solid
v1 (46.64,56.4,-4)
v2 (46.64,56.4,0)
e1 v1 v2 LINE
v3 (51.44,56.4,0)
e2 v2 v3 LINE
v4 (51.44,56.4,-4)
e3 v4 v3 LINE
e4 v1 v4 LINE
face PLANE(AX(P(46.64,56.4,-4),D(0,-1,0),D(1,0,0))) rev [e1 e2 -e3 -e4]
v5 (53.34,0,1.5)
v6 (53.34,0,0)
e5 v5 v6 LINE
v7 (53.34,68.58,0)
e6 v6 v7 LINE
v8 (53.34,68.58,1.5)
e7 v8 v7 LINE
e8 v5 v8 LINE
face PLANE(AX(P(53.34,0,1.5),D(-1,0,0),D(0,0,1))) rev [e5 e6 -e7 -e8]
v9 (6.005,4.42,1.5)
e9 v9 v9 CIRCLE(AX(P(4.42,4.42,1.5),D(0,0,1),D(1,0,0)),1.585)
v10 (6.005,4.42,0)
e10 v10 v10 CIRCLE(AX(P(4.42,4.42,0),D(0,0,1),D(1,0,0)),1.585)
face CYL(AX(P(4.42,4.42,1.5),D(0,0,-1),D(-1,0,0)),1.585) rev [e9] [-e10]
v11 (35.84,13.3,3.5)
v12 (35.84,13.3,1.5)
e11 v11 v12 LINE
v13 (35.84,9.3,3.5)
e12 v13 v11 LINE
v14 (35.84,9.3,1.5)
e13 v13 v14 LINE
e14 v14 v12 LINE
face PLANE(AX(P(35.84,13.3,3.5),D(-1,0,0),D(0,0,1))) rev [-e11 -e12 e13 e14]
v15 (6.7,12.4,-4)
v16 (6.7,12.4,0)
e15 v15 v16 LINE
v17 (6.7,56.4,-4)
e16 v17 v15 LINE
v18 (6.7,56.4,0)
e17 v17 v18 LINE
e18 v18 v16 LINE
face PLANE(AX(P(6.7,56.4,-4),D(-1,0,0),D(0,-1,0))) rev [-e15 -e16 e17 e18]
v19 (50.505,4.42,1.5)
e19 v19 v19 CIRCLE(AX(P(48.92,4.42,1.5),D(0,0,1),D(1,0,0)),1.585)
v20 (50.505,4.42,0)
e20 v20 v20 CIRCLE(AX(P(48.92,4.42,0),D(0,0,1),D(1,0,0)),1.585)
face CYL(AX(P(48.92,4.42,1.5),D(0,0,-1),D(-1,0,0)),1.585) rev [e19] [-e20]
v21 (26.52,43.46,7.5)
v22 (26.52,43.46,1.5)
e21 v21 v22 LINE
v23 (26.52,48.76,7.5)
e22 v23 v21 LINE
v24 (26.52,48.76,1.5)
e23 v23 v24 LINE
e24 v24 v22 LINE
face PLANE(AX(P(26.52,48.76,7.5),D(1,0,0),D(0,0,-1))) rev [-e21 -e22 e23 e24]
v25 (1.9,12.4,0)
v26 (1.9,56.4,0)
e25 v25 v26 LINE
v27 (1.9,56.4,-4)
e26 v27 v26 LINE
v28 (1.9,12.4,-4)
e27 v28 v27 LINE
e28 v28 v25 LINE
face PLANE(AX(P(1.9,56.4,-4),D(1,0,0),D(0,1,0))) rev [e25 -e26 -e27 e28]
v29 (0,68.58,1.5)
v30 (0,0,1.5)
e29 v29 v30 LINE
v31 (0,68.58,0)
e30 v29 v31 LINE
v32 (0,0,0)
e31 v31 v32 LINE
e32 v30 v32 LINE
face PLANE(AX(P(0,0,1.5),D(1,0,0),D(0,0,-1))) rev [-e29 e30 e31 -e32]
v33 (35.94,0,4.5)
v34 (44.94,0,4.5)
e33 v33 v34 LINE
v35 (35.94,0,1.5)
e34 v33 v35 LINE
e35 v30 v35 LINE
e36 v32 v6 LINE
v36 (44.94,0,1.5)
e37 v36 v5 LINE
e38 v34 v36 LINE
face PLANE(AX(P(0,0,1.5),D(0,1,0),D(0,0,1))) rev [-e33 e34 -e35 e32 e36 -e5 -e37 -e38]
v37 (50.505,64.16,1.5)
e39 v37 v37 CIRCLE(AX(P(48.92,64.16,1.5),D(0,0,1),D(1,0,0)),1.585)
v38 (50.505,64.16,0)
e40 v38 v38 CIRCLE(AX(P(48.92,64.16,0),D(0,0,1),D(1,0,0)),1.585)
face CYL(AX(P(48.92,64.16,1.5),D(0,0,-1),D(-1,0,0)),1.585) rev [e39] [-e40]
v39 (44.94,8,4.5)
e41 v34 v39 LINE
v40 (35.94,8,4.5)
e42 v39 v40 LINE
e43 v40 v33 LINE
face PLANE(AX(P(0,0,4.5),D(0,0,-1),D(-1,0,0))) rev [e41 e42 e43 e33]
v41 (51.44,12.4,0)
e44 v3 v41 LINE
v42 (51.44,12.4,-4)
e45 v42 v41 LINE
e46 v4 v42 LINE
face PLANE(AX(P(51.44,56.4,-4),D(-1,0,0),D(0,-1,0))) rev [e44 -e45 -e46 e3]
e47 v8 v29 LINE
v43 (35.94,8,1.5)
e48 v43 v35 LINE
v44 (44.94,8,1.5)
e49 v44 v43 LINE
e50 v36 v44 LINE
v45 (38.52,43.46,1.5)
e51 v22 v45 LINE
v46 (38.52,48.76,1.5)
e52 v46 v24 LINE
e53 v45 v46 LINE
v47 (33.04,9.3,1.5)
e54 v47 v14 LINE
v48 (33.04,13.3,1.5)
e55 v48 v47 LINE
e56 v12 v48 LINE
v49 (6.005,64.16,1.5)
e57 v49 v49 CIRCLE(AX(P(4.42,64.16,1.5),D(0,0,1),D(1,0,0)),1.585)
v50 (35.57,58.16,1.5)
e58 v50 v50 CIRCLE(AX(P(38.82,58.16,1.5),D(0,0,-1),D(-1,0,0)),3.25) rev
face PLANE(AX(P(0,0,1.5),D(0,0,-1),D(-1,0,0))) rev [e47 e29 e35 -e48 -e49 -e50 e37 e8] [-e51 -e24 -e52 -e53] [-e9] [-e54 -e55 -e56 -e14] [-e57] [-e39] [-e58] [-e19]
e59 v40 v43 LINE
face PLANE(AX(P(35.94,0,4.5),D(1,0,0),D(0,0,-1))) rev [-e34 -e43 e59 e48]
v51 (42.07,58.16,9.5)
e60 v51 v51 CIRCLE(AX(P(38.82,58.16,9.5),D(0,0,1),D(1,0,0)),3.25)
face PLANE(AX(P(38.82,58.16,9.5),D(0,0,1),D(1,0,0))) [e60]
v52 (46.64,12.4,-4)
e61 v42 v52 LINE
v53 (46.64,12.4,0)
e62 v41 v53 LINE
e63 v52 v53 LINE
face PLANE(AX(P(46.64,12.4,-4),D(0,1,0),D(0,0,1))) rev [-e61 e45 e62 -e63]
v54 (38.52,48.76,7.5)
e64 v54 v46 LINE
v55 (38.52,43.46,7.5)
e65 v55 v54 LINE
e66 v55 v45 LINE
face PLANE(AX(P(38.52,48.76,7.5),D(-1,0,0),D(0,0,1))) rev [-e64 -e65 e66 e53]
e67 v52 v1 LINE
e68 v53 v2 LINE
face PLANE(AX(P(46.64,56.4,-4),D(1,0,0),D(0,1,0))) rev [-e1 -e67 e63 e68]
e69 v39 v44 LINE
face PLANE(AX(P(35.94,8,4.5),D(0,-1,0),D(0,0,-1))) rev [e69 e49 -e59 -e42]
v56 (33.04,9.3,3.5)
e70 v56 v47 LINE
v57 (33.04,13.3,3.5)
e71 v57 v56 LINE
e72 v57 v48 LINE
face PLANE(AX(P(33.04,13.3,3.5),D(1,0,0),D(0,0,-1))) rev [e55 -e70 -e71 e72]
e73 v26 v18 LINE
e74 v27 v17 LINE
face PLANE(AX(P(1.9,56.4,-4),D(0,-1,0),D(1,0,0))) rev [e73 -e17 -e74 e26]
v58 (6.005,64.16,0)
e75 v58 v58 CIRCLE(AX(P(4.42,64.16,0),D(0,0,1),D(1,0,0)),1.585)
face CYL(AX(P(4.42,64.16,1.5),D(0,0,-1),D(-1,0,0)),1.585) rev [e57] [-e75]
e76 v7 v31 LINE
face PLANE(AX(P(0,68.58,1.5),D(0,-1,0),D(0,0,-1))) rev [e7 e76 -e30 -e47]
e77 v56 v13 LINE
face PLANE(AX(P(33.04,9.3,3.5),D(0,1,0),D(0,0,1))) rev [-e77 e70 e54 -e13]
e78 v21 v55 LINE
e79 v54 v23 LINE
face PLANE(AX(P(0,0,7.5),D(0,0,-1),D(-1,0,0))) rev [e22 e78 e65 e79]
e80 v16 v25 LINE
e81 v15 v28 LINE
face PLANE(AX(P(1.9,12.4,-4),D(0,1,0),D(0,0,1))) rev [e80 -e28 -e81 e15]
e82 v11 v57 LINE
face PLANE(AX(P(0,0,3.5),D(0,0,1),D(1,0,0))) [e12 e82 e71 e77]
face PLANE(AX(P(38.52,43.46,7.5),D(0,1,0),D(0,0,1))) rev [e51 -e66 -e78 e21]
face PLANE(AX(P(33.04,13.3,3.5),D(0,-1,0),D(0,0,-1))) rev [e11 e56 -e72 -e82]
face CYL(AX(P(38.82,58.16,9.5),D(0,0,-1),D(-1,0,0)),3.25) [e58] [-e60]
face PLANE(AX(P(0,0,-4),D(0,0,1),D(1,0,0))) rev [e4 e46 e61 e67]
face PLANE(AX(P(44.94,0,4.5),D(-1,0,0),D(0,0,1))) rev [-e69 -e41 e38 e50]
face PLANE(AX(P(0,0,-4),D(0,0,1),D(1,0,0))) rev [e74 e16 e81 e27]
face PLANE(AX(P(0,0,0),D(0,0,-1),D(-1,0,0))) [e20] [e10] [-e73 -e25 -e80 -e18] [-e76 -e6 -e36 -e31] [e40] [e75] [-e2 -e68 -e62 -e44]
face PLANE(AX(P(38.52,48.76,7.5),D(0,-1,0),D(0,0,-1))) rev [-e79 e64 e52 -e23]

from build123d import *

# Parameters (mm, degrees)
SKETCH_1_W      = 53.34
SKETCH_1_H      = 68.58
SKETCH_1_R      = 1.585
EXTRUDE_1_DEPTH = 1.5
SKETCH_2_R      = 3.25
EXTRUDE_2_DEPTH = 8
SKETCH_3_W      = 12
SKETCH_3_H      = 5.3
EXTRUDE_3_DEPTH = 6
SKETCH_4_W      = 2.8
SKETCH_4_H      = 4
EXTRUDE_4_DEPTH = 2
SKETCH_5_W      = 4.8
SKETCH_5_H      = 44
EXTRUDE_5_DEPTH = 4
SKETCH_6_W      = 9
SKETCH_6_H      = 8
EXTRUDE_6_DEPTH = 3


with BuildPart() as part:
    # 草图1 → 凸台-拉伸1 (new body)
    with BuildSketch(Plane.XY):
        with Locations((26.67, 34.29)):
            Rectangle(SKETCH_1_W, SKETCH_1_H)
        with Locations((48.92, 64.16)):
            Circle(SKETCH_1_R, mode=Mode.SUBTRACT)
        with Locations((4.42, 64.16)):
            Circle(SKETCH_1_R, mode=Mode.SUBTRACT)
        with Locations((4.42, 4.42)):
            Circle(SKETCH_1_R, mode=Mode.SUBTRACT)
        with Locations((48.92, 4.42)):
            Circle(SKETCH_1_R, mode=Mode.SUBTRACT)
    extrude(amount=EXTRUDE_1_DEPTH)

    # 草图2 → 凸台-拉伸2 (add)
    with BuildSketch(Plane.XY.offset(1.5)):
        with Locations(Location((38.82, 58.16, 0), (0, 0, 180))):
            Circle(SKETCH_2_R)
    extrude(amount=EXTRUDE_2_DEPTH)

    # 草图3 → 凸台-拉伸3 (add)
    with BuildSketch(Plane.XY.offset(1.5)):
        with Locations((32.52, 46.11)):
            Rectangle(SKETCH_3_W, SKETCH_3_H)
    extrude(amount=EXTRUDE_3_DEPTH)

    # 草图4 → 凸台-拉伸4 (add)
    with BuildSketch(Plane.XY.offset(1.5)):
        with Locations((34.44, 11.3)):
            Rectangle(SKETCH_4_W, SKETCH_4_H)
    extrude(amount=EXTRUDE_4_DEPTH)

    # 草图5 → 凸台-拉伸5 (add)
    with BuildSketch(Plane(origin=(0, 0, 0), x_dir=(-1, 0, 0), z_dir=(0, 0, -1))):
        with Locations((-49.04, 34.4)):
            Rectangle(SKETCH_5_W, SKETCH_5_H)
        with Locations((-4.3, 34.4)):
            Rectangle(SKETCH_5_W, SKETCH_5_H)
    extrude(amount=EXTRUDE_5_DEPTH)

    # 草图6 → 凸台-拉伸6 (add)
    with BuildSketch(Plane.XY.offset(1.5)):
        with Locations((40.44, 4)):
            Rectangle(SKETCH_6_W, SKETCH_6_H)
    extrude(amount=EXTRUDE_6_DEPTH)


solid = part.part
